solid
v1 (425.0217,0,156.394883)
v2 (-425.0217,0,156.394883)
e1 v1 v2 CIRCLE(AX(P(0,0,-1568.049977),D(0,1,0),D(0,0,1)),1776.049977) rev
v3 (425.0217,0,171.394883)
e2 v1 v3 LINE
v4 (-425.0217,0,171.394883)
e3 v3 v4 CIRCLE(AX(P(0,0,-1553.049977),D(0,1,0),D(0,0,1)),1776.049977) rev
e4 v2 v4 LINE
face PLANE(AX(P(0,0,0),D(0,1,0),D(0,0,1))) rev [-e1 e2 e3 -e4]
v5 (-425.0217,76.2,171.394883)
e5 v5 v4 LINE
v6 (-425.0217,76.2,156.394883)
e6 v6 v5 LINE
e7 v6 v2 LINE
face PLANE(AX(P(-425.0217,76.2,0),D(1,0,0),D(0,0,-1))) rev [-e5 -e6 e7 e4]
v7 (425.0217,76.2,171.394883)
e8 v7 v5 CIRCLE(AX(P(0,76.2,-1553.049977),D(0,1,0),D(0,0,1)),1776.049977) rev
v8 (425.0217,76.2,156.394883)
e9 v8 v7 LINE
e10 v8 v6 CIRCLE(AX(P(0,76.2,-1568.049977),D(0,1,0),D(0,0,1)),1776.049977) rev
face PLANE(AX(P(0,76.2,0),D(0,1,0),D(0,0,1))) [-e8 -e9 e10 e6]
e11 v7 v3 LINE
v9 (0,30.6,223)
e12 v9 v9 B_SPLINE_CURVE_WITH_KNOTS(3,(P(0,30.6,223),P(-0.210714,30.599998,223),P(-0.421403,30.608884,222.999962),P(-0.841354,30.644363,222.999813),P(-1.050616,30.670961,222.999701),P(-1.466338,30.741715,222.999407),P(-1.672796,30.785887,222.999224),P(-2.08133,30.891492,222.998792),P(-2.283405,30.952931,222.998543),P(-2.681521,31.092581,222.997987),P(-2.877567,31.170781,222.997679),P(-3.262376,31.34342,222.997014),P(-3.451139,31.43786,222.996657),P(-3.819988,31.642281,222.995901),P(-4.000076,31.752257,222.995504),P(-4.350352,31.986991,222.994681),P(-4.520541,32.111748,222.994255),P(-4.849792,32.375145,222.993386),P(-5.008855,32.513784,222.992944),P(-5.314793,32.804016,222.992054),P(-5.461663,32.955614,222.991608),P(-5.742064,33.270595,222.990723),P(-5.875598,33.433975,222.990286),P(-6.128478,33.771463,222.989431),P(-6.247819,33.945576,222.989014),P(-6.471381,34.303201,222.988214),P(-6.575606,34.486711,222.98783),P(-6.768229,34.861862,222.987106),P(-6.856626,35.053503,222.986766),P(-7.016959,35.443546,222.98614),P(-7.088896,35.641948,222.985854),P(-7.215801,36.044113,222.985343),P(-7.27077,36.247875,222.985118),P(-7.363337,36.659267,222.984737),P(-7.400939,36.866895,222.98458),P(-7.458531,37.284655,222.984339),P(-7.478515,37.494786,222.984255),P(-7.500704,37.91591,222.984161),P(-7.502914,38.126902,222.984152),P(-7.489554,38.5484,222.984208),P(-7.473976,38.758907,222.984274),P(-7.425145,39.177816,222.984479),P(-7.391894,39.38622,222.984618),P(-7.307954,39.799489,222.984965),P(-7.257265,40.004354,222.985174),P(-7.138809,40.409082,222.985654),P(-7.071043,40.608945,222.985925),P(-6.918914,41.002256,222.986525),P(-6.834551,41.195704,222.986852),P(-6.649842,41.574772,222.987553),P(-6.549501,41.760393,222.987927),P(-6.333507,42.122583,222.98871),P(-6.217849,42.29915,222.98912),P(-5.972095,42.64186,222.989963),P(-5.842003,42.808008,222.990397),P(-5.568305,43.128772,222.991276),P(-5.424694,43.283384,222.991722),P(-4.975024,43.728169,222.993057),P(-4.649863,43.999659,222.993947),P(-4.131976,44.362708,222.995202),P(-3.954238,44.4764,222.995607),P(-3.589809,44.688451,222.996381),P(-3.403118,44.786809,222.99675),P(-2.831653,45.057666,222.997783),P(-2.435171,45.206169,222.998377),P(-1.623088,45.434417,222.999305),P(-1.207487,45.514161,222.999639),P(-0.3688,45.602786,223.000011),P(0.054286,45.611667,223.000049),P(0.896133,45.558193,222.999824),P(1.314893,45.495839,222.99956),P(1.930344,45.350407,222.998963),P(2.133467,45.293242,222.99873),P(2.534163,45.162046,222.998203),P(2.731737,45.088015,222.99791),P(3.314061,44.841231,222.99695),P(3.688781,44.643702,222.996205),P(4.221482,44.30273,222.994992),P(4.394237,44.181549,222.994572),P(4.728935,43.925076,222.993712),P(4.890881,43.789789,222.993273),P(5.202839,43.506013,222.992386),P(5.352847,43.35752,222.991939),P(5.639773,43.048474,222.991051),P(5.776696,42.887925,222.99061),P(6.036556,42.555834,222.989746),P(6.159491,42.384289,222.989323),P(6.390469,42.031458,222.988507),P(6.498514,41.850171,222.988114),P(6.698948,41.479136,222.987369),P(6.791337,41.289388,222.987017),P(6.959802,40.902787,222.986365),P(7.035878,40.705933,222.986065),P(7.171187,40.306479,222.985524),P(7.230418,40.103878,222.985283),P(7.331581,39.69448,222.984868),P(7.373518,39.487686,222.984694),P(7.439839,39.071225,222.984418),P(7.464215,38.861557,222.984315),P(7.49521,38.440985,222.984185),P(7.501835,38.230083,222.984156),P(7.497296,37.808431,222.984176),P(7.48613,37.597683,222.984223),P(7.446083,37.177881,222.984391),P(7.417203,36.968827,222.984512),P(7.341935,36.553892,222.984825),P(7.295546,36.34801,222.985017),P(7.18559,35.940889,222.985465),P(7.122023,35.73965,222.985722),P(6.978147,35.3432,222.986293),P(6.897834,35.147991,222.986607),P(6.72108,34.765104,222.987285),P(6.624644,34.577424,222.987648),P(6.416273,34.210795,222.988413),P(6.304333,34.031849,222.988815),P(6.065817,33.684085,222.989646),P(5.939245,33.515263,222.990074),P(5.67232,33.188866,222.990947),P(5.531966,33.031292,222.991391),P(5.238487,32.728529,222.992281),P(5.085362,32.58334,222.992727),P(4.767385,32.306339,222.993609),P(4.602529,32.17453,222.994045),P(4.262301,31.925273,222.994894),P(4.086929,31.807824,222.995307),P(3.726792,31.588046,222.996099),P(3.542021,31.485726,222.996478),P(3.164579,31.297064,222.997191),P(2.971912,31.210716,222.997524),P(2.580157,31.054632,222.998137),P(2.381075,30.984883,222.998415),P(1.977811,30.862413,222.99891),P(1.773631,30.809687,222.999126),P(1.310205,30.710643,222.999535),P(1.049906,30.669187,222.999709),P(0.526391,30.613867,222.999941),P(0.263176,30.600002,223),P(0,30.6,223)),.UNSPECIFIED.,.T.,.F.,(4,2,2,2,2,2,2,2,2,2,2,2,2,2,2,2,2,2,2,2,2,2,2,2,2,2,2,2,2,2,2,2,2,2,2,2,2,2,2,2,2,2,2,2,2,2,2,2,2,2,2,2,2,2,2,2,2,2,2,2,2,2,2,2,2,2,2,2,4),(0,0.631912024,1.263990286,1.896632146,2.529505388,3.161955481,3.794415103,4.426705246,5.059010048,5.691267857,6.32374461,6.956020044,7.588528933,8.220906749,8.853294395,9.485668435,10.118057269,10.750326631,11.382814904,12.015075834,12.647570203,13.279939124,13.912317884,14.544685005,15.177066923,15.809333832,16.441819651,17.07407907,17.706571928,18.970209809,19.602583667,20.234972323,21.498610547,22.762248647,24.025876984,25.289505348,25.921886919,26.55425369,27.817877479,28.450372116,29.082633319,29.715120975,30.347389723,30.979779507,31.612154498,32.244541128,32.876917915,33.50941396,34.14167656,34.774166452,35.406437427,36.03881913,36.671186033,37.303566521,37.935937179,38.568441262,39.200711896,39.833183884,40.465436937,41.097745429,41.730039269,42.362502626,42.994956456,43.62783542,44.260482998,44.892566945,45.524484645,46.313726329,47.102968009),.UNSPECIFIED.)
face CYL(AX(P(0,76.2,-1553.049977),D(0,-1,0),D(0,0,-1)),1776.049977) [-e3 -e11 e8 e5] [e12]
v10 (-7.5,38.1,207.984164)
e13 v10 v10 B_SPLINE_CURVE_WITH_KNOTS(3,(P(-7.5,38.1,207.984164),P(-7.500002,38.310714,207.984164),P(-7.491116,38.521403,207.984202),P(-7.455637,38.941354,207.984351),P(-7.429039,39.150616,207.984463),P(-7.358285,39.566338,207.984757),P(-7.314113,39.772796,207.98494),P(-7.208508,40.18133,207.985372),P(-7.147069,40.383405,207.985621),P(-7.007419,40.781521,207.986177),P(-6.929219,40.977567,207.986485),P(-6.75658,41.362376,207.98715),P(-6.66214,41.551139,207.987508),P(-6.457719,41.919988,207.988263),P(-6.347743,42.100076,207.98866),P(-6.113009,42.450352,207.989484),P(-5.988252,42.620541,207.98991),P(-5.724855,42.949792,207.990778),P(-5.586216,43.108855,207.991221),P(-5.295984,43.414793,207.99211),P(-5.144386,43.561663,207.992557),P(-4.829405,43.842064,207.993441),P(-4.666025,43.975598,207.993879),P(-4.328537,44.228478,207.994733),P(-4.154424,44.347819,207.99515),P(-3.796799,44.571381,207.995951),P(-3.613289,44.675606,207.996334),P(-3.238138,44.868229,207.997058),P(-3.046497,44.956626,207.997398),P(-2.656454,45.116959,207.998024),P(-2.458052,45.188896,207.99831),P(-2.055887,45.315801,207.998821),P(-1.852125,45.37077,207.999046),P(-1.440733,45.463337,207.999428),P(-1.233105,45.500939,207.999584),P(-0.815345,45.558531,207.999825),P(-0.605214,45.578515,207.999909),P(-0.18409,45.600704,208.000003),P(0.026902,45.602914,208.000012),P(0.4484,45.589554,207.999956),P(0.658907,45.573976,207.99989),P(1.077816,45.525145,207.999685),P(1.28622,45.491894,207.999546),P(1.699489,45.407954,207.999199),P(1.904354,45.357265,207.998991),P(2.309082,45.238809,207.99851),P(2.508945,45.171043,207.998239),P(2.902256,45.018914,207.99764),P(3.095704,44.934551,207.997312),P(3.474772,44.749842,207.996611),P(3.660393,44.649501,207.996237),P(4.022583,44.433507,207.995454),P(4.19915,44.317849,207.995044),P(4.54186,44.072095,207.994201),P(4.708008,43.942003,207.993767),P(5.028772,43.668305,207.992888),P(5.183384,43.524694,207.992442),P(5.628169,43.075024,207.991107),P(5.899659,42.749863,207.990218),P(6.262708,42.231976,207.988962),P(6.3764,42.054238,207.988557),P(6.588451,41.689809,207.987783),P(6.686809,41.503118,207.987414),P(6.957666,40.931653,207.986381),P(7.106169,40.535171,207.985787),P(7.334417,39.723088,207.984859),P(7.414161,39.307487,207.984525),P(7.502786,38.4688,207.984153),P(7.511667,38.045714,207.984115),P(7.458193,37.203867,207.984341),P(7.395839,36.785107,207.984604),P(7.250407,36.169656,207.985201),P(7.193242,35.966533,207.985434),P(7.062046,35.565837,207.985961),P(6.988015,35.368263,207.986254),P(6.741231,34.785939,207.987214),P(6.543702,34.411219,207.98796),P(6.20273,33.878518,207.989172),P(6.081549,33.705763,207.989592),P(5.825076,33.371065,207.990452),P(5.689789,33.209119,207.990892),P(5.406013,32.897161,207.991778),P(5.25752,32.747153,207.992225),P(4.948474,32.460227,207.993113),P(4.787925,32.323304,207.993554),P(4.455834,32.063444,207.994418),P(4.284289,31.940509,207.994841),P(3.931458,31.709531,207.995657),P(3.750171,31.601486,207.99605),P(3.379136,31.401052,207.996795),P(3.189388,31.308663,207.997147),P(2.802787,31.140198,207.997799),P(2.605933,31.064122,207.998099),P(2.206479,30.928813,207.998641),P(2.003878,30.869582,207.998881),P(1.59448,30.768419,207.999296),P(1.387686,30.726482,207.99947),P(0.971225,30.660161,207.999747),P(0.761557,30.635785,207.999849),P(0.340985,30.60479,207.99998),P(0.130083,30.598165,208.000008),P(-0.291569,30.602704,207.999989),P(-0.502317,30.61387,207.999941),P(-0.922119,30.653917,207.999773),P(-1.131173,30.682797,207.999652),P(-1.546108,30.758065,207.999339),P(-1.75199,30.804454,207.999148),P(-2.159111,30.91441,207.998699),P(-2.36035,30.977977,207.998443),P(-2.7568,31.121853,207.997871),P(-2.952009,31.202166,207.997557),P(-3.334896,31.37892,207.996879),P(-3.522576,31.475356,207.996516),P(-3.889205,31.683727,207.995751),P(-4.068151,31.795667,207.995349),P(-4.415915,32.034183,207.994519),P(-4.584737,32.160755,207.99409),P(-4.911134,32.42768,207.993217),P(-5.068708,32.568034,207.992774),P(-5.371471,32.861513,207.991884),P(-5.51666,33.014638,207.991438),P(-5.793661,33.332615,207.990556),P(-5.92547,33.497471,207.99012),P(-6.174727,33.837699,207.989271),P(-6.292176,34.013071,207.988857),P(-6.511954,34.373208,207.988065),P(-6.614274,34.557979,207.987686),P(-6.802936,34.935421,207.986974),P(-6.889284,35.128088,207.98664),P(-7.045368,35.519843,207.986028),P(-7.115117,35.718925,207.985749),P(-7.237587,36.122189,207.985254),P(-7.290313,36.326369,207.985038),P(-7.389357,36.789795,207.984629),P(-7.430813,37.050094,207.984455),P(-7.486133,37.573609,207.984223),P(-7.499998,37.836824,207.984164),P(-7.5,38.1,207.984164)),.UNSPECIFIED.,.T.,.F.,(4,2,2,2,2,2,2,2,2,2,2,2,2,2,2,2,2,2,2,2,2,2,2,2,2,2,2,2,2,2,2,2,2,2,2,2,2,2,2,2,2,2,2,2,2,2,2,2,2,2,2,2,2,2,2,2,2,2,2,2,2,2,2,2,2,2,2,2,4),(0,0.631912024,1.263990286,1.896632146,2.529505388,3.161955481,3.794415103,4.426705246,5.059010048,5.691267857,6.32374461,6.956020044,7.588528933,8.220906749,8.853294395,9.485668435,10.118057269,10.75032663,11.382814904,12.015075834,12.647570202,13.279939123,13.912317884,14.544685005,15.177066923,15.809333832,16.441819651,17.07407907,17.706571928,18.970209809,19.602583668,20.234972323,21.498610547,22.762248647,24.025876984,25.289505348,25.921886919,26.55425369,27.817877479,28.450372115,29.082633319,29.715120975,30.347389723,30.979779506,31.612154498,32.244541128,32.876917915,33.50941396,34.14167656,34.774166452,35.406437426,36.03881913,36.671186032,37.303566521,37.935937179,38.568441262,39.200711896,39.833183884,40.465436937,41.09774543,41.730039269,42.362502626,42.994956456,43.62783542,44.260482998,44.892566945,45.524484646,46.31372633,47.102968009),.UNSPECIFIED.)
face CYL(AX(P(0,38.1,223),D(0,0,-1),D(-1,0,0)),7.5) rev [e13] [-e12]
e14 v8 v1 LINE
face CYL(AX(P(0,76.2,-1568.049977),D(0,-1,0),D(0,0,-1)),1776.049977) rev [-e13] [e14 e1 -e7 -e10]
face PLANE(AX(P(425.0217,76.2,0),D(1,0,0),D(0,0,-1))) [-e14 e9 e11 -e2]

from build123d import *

# Parameters (mm, degrees)
BOSS_EXTRUDE1_DEPTH = 76.2
SKETCH10_R          = 7.5
CUT_EXTRUDE1_DEPTH  = 224


with BuildPart() as part:
    # Sketch1 → Boss-Extrude1 (new body)
    with BuildSketch(Plane(origin=(0, 0, 0), x_dir=(1, 0, 0), z_dir=(0, 1, 0))):
        with BuildLine():
            ThreePointArc((425.021699517, -156.394883177), (0, -208), (-425.021699517, -156.394883177))
            Line((-425.021699517, -156.394883177), (-425.021699517, -171.394883177))
            ThreePointArc((-425.021699517, -171.394883177), (0, -223), (425.021699517, -171.394883177))
            Line((425.021699517, -171.394883177), (425.021699517, -156.394883177))
        make_face()
    extrude(amount=BOSS_EXTRUDE1_DEPTH)

    # Sketch10 → Cut-Extrude1 (cut, through all)
    with BuildSketch(Plane.XY):
        with Locations((0, 38.1)):
            Circle(SKETCH10_R)
    extrude(amount=CUT_EXTRUDE1_DEPTH, mode=Mode.SUBTRACT)


solid = part.part
